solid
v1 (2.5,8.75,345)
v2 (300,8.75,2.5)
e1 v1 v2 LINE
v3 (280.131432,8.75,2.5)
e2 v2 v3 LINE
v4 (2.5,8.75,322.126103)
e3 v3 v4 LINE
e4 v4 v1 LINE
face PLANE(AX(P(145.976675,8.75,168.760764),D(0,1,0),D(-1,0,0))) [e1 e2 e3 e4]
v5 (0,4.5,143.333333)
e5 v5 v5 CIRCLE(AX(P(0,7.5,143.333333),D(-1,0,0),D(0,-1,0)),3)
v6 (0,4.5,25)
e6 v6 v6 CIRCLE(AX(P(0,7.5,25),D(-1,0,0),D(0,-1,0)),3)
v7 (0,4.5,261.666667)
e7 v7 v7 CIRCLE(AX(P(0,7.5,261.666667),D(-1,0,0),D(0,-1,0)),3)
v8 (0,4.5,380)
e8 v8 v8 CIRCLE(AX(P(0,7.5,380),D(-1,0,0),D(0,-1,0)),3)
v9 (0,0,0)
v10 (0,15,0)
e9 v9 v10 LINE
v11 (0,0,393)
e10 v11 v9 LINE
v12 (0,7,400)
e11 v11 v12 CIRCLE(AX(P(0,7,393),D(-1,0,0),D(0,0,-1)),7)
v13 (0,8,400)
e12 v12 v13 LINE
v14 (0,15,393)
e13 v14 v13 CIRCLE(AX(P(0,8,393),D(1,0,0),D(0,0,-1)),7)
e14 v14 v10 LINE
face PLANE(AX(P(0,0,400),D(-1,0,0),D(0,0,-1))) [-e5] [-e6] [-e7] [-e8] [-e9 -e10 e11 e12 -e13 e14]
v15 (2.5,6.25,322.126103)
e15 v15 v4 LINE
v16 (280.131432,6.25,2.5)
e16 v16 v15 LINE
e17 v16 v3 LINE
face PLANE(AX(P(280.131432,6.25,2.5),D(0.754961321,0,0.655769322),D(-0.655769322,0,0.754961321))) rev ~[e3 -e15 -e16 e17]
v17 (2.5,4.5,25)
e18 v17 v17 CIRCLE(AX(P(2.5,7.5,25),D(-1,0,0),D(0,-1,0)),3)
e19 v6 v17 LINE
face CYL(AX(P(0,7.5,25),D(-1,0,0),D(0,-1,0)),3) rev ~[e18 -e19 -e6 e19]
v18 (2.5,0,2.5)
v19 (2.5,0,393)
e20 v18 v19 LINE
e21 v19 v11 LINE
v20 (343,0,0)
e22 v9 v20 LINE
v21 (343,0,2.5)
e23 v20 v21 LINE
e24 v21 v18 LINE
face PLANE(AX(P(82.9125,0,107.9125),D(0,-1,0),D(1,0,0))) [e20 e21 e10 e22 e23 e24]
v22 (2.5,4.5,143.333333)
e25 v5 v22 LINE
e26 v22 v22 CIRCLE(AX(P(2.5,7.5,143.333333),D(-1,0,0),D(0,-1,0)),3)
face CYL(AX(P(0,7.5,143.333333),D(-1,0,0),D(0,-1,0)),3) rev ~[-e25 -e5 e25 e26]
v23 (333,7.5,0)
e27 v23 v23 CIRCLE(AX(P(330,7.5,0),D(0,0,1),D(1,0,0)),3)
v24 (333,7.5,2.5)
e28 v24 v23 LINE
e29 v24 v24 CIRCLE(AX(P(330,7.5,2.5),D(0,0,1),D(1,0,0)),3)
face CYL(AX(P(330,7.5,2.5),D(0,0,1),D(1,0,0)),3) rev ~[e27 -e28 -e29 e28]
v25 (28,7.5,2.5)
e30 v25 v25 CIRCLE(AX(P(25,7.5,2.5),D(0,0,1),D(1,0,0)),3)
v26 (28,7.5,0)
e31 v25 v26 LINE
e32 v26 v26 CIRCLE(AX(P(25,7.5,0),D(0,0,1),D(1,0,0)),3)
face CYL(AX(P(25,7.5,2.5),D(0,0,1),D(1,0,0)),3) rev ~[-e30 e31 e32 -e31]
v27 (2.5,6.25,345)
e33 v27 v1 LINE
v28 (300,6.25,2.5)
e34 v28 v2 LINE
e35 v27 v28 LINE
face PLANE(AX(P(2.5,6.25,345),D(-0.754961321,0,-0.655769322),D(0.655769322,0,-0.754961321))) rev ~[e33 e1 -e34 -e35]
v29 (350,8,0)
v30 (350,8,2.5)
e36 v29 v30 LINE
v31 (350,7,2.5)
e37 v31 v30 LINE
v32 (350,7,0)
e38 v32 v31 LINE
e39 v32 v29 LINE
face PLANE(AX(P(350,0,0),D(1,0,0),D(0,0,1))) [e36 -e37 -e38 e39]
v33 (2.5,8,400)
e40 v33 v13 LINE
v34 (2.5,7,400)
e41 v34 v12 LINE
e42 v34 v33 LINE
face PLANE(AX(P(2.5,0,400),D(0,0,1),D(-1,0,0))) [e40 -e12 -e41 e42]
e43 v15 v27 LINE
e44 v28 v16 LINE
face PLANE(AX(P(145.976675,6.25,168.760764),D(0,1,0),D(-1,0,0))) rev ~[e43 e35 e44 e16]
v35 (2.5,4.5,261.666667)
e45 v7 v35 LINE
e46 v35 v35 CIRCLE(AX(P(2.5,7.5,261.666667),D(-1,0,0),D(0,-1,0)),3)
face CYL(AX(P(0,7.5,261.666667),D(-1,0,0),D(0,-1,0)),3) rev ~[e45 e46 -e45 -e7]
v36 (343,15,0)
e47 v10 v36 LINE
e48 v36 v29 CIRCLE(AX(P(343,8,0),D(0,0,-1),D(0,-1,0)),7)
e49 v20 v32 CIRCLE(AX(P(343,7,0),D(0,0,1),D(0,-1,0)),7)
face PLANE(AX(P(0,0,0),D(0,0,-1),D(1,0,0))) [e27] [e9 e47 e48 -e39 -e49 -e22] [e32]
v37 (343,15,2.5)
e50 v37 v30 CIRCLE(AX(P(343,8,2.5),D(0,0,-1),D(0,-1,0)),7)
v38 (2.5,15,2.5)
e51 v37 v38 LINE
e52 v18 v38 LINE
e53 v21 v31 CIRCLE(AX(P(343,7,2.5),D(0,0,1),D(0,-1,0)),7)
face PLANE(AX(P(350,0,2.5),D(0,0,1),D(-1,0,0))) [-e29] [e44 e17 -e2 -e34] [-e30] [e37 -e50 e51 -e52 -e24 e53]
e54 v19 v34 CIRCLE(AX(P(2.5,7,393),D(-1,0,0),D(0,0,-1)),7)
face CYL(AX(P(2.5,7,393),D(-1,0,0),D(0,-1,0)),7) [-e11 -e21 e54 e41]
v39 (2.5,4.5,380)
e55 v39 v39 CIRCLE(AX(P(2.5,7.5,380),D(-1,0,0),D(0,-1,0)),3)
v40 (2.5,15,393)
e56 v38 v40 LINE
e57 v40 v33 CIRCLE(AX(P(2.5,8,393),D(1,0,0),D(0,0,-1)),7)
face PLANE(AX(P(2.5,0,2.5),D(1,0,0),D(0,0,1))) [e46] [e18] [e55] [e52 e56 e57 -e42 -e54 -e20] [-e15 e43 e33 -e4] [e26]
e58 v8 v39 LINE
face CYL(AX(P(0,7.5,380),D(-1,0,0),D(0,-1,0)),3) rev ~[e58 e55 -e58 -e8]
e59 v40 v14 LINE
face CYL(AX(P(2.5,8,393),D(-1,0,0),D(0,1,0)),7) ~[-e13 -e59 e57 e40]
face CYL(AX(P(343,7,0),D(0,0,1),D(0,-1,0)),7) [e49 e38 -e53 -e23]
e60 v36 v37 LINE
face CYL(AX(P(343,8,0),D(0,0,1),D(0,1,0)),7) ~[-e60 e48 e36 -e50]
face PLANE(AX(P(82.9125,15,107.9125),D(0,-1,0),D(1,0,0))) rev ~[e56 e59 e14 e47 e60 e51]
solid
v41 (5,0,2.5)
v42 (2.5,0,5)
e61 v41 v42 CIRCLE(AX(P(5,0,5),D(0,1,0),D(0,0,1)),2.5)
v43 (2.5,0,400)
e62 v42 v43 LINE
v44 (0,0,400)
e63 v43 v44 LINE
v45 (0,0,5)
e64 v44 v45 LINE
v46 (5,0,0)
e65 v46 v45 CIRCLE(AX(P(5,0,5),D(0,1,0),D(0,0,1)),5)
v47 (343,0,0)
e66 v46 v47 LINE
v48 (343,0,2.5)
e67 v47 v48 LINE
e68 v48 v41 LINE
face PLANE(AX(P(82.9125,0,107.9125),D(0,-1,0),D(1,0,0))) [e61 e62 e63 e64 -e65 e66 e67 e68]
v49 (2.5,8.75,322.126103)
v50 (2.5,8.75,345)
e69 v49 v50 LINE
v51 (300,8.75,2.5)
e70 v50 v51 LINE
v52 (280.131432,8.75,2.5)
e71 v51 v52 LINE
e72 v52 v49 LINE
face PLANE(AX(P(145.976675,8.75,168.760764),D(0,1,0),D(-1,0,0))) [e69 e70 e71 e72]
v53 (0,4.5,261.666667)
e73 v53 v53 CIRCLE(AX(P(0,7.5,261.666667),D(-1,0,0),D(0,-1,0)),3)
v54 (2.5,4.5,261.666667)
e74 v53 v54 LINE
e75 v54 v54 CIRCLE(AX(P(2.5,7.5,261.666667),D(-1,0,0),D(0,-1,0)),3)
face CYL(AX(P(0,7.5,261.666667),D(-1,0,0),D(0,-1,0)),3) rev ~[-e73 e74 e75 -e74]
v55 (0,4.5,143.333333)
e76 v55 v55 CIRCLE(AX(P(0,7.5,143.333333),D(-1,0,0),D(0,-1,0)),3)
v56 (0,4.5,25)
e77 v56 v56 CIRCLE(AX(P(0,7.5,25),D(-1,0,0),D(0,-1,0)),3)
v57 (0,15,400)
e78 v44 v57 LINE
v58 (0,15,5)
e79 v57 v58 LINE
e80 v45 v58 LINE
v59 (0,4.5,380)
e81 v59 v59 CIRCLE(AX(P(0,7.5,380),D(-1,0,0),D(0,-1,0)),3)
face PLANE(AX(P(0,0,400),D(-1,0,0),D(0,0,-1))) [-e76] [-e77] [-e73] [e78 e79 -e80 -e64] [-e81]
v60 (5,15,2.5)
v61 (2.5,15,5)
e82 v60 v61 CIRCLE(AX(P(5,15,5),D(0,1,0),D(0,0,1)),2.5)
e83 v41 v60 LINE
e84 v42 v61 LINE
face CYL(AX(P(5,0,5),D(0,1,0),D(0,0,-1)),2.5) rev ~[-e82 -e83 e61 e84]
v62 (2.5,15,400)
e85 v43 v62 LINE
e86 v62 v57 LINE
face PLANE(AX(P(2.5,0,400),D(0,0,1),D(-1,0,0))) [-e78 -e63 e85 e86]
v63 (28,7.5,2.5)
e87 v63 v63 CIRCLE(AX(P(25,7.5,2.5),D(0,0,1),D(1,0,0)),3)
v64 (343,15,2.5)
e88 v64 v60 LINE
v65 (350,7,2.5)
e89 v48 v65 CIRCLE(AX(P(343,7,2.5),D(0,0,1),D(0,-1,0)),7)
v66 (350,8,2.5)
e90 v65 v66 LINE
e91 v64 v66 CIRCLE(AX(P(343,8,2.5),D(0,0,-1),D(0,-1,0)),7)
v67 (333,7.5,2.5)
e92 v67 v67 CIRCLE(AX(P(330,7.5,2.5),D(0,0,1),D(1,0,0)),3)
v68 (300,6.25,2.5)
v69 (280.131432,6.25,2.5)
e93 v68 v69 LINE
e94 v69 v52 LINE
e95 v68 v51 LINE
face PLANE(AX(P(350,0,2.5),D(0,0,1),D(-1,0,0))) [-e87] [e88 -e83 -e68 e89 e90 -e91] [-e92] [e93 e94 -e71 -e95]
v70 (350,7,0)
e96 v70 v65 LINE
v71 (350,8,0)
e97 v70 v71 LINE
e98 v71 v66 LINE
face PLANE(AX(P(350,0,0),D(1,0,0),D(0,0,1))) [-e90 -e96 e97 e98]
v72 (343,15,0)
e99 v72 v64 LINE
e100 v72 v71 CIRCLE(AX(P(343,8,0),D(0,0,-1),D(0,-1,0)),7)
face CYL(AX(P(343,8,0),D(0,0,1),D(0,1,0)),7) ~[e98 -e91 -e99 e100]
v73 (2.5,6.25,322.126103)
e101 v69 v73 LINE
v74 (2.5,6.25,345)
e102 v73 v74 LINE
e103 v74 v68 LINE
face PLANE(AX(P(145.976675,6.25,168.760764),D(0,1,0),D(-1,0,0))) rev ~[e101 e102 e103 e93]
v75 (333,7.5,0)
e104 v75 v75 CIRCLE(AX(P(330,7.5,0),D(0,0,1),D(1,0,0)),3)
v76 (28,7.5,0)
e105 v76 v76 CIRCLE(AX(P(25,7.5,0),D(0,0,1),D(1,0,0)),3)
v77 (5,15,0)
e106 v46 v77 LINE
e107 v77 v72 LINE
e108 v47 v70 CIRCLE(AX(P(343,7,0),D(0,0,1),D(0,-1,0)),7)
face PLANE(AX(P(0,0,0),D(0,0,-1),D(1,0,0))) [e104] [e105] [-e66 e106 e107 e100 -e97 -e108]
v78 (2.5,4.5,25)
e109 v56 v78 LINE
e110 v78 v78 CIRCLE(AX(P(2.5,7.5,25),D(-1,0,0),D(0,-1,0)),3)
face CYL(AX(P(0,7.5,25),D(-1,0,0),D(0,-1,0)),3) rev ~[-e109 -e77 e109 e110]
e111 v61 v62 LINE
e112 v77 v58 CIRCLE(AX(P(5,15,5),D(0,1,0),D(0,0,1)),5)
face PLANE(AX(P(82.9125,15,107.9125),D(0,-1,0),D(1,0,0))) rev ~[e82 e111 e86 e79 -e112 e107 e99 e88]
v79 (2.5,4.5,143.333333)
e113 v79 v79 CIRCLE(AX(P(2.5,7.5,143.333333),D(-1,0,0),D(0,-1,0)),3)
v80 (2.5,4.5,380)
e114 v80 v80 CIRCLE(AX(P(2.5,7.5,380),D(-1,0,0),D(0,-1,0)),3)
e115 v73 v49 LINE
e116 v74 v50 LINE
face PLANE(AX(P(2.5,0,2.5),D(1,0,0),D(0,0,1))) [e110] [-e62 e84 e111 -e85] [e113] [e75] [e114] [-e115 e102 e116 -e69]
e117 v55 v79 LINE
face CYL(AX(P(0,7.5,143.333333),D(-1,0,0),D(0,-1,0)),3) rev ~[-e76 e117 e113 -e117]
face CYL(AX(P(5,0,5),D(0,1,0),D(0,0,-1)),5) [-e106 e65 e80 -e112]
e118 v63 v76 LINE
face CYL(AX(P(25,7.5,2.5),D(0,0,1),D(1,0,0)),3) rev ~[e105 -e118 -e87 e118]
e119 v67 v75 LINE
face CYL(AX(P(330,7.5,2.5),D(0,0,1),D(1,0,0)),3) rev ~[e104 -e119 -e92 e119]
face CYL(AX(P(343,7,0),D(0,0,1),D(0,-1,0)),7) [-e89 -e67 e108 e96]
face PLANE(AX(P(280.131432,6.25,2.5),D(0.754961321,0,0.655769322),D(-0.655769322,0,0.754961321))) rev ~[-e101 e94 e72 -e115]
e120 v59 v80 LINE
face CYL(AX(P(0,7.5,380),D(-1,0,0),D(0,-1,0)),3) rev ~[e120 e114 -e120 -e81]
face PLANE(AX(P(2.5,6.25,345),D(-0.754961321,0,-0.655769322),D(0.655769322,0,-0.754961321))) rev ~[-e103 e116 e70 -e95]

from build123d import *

# Parameters (mm, degrees)
SKETCH002_R      = 3
EXTRUDE002_DEPTH = 10
SKETCH001_R      = 3
EXTRUDE001_DEPTH = 10
EXTRUDE_DEPTH    = 15
EXTRUDE003_DEPTH = 2.5
FILLET_R         = 7
FILLET001_R      = 7
FILLET002_R      = 2.5
FILLET003_R      = 5


with BuildPart() as extrude002:
    # Sketch002 (on Face1 of Extrude) → Extrude002 (new body)
    with BuildSketch(Plane(origin=(0, 0, 0), x_dir=(0, -1, 0), z_dir=(-1, 0, 0))):
        with Locations((-7.5, 25)):
            Circle(SKETCH002_R)
        with Locations((-7.5, 143.333333)):
            Circle(SKETCH002_R)
        with Locations((-7.5, 261.666667)):
            Circle(SKETCH002_R)
        with Locations((-7.5, 380)):
            Circle(SKETCH002_R)
    extrude(amount=-EXTRUDE002_DEPTH)


with BuildPart() as extrude001:
    # Sketch001 (on Face4 of Extrude) → Extrude001 (new body)
    with BuildSketch(Plane.XY.offset(2.5)):
        with Locations((25, 7.5)):
            Circle(SKETCH001_R)
        with Locations((330, 7.5)):
            Circle(SKETCH001_R)
    extrude(amount=-EXTRUDE001_DEPTH)


with BuildPart() as cut001:
    # Sketch → Extrude (new body)
    with BuildSketch(Plane.XZ):
        Polygon((0, 0), (350, 0), (350, 2.5), (2.5, 2.5), (2.5, 400), (0, 400), align=None)
    extrude(amount=-EXTRUDE_DEPTH)

    # Cut: cut Extrude001
    add(extrude001.part, mode=Mode.SUBTRACT)

    # Cut001: cut Extrude002
    add(extrude002.part, mode=Mode.SUBTRACT)


with BuildPart() as fillet_body:
    # Sketch003 → Extrude003 (new body)
    with BuildSketch(Plane.XZ):
        Polygon((300, 2.5), (280.131432, 2.5), (2.5, 322.126103), (2.5, 345), align=None)
    extrude(amount=-EXTRUDE003_DEPTH)


with BuildPart() as fillet_body_1:
    # Extrude003 placement: moved
    add(fillet_body.part.moved(Location((0, 6.25, 0))))

    # Fusion: union Cut001
    add(cut001.part)

    # Fillet
    fillet_edges = [fillet_body_1.edges().sort_by_distance(p)[0] for p in [
        (350, 0, 1.25),
        (350, 15, 1.25),
    ]]
    fillet(fillet_edges, radius=FILLET_R)


with BuildPart() as fillet001:
    # Fillet001 base: copy of Fillet body
    add(fillet_body_1.part)

    # Fillet001
    fillet001_edges = [fillet001.edges().sort_by_distance(p)[0] for p in [
        (1.25, 0, 400),
        (1.25, 15, 400),
    ]]
    fillet(fillet001_edges, radius=FILLET001_R)


with BuildPart() as fillet003:
    # Fillet002 base: copy of Fillet body
    add(fillet_body_1.part)

    # Fillet002
    fillet002_edges = [fillet003.edges().sort_by_distance(p)[0] for p in [
        (2.5, 7.5, 2.5),
    ]]
    fillet(fillet002_edges, radius=FILLET002_R)

    # Fillet003
    fillet003_edges = [fillet003.edges().sort_by_distance(p)[0] for p in [
        (0, 7.5, 0),
    ]]
    fillet(fillet003_edges, radius=FILLET003_R)


solid = Compound([fillet001.part, fillet003.part])
